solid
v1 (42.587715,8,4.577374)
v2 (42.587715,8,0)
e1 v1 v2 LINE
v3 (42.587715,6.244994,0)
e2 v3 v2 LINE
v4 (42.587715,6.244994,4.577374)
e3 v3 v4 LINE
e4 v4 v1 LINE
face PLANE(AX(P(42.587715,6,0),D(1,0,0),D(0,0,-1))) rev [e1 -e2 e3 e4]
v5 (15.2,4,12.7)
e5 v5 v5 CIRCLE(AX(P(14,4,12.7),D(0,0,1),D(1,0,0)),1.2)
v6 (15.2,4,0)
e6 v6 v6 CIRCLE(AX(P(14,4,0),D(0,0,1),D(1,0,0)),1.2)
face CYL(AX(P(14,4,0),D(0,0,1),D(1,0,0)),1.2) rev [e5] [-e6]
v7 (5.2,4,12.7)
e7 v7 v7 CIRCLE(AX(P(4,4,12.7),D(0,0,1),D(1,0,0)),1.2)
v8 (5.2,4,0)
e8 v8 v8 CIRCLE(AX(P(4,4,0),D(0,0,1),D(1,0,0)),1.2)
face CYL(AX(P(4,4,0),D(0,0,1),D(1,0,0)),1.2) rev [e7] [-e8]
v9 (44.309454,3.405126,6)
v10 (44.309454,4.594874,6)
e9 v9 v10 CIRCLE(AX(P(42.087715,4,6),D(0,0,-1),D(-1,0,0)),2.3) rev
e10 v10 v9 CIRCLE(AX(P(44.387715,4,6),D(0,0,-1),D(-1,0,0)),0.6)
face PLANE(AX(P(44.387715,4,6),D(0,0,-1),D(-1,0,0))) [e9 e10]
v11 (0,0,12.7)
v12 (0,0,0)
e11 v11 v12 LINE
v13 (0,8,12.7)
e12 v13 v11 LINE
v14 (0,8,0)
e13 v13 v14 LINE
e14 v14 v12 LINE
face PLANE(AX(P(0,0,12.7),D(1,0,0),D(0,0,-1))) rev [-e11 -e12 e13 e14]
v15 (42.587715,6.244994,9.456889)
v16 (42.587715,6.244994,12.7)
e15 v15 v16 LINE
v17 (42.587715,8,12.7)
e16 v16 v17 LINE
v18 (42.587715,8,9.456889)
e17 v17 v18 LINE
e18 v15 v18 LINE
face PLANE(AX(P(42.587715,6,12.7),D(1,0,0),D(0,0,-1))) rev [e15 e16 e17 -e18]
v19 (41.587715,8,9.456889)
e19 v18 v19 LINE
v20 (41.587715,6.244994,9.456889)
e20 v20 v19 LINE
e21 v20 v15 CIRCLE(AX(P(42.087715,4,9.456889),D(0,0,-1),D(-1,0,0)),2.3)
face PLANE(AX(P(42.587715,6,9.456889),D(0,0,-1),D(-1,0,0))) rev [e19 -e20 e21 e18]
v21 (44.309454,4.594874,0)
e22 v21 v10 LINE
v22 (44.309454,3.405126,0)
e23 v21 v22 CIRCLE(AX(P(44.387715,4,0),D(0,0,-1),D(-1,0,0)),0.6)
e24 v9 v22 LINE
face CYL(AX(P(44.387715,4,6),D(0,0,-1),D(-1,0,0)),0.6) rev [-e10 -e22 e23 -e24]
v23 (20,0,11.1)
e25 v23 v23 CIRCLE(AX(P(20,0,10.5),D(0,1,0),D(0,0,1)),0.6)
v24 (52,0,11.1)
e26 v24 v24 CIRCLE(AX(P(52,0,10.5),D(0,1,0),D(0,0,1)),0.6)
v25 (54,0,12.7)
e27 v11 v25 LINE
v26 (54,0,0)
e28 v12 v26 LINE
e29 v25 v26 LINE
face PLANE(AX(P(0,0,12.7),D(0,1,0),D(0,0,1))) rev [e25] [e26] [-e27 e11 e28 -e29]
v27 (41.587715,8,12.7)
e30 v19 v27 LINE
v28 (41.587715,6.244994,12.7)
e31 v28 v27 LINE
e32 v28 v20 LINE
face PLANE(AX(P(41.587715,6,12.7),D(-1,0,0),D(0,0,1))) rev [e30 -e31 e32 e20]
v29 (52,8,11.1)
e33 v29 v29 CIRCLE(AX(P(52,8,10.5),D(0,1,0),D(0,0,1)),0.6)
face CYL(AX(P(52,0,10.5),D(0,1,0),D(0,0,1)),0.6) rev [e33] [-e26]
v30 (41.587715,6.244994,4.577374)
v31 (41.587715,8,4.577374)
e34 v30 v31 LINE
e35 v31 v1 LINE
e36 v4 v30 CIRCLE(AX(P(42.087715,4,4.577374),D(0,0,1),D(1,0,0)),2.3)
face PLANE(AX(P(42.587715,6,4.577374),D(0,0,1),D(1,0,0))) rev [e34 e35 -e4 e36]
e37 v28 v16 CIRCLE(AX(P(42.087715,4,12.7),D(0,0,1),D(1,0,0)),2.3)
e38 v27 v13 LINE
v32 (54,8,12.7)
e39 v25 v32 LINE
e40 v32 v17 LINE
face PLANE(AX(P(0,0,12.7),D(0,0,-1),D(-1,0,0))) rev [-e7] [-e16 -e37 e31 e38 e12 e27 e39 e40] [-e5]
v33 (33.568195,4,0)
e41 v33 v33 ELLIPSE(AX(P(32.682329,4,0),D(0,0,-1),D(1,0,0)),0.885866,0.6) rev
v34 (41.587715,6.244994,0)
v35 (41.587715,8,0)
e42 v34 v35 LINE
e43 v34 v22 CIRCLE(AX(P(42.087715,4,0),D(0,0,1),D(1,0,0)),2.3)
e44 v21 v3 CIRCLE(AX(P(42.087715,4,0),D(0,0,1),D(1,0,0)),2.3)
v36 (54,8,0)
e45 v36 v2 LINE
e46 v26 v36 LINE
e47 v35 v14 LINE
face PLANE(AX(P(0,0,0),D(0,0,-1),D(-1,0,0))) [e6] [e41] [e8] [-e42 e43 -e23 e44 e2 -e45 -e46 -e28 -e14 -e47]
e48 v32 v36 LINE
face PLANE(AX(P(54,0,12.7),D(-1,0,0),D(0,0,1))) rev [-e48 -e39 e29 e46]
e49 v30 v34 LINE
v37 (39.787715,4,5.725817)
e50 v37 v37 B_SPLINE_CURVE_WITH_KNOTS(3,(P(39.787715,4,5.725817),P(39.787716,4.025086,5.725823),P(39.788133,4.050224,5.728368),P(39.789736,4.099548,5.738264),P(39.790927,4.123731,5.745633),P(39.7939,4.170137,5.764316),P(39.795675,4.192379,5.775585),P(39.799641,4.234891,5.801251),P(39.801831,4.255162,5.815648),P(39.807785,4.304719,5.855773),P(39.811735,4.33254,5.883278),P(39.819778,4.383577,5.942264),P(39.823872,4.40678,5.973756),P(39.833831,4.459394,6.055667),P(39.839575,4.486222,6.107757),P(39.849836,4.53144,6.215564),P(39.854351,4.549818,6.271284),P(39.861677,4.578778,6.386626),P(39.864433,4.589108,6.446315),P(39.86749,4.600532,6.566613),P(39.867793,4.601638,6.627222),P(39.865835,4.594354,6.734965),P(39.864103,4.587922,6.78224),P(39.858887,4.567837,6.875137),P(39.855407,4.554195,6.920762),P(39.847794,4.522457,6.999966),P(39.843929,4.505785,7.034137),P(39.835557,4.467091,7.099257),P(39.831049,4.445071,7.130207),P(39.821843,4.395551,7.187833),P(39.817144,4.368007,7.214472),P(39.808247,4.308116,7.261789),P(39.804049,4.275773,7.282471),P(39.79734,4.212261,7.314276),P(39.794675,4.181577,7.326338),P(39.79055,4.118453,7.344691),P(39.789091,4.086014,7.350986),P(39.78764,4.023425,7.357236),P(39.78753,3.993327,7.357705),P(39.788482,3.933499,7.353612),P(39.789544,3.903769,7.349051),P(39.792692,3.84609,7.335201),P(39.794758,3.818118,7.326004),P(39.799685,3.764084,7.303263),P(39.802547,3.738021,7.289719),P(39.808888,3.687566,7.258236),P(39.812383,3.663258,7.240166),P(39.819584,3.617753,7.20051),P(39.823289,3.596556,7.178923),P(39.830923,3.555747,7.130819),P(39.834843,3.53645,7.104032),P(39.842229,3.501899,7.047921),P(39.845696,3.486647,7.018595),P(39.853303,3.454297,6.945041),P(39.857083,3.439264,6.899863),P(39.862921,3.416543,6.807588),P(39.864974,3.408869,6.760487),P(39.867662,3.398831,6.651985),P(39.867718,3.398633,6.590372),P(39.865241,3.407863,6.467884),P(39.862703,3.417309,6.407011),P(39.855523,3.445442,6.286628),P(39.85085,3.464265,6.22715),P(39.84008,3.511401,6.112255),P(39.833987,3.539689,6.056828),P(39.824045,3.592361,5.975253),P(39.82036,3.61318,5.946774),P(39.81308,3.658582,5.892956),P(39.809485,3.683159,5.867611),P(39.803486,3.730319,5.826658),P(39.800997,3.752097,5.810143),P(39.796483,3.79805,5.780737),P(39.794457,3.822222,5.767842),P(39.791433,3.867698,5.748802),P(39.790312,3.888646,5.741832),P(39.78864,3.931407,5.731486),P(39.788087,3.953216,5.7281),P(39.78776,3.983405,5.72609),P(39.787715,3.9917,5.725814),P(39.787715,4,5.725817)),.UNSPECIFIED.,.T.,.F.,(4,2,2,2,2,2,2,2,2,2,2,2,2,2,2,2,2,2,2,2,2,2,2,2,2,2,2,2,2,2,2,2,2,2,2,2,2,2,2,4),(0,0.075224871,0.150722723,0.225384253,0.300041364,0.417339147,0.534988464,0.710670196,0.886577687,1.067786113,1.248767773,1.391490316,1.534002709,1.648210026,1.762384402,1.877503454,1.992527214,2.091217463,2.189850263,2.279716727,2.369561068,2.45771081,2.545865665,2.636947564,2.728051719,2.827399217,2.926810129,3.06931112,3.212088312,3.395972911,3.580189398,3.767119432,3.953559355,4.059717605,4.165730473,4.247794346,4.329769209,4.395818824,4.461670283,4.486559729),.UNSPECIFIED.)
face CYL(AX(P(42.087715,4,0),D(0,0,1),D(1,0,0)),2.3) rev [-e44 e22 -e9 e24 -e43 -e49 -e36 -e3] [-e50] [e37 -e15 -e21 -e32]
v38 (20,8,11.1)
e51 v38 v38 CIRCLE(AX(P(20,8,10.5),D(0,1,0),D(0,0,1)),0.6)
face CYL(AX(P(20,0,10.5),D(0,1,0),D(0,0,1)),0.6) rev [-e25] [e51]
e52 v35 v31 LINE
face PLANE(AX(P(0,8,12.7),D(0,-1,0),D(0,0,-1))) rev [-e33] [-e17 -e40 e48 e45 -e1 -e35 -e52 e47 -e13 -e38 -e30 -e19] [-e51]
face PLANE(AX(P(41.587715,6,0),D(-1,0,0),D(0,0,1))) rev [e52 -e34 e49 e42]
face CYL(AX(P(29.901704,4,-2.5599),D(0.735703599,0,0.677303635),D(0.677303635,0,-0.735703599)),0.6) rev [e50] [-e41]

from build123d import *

# Parameters (mm, degrees)
SKETCH1_W           = 54
SKETCH1_H           = 8
BOSS_EXTRUDE1_DEPTH = 12.7
SKETCH3_W           = 1
SKETCH3_H           = 3.243111396
SKETCH3_H_2         = 4.577374163
CUT_EXTRUDE1_DEPTH  = 2
SKETCH4_R           = 2.3
CUT_EXTRUDE2_DEPTH  = 57.047212241
SKETCH5_R           = 0.6
CUT_EXTRUDE3_DEPTH  = 57.047212241
SKETCH6_R           = 1.2
CUT_EXTRUDE4_DEPTH  = 57.047212241
SKETCH12_R          = 0.6
CUT_EXTRUDE6_DEPTH  = 15
SKETCH14_R          = 0.6
CUT_EXTRUDE7_DEPTH  = 6


with BuildPart() as part:
    # Sketch1 → Boss-Extrude1 (new body)
    with BuildSketch(Plane.XY):
        with Locations((27, 4)):
            Rectangle(SKETCH1_W, SKETCH1_H)
    extrude(amount=BOSS_EXTRUDE1_DEPTH)

    # Sketch3 → Cut-Extrude1 (cut)
    with BuildSketch(Plane(origin=(0, 8, 0), x_dir=(1, 0, 0), z_dir=(0, 1, 0))):
        with Locations((42.087715046, -11.078444302)):
            Rectangle(SKETCH3_W, SKETCH3_H)
        with Locations((42.087715046, -2.288687081)):
            Rectangle(SKETCH3_W, SKETCH3_H_2)
    extrude(amount=-CUT_EXTRUDE1_DEPTH, mode=Mode.SUBTRACT)

    # Sketch4 → Cut-Extrude2 (cut, through all)
    with BuildSketch(Plane.XY.offset(12.7)):
        with Locations(Location((42.087715046, 4, 0), (0, 0, 77.444142201))):
            Circle(SKETCH4_R)
    extrude(amount=-CUT_EXTRUDE2_DEPTH, mode=Mode.SUBTRACT)

    # Sketch5 → Cut-Extrude3 (cut, through all)
    with BuildSketch(Plane(origin=(0, 8, 0), x_dir=(1, 0, 0), z_dir=(0, 1, 0))):
        with Locations(Location((52, -10.5, 0), (0, 0, 270))):
            Circle(SKETCH5_R)
        with Locations(Location((20, -10.5, 0), (0, 0, 270))):
            Circle(SKETCH5_R)
    extrude(amount=-CUT_EXTRUDE3_DEPTH, mode=Mode.SUBTRACT)

    # Sketch6 → Cut-Extrude4 (cut, through all)
    with BuildSketch(Plane.XY.offset(12.7)):
        with Locations((4, 4)):
            Circle(SKETCH6_R)
        with Locations((14, 4)):
            Circle(SKETCH6_R)
    extrude(amount=-CUT_EXTRUDE4_DEPTH, mode=Mode.SUBTRACT)

    # Sketch12 → Cut-Extrude6 (cut)
    with BuildSketch(Plane(origin=(25.944559134, 0, 23.885086629), x_dir=(-0.677303634830695, 0, 0.7357035994509805), z_dir=(-0.7357035994509805, 0, -0.677303634830695))):
        with Locations(Location((-22.135860185, 4, 0), (0, 0, 180))):
            Circle(SKETCH12_R)
    extrude(amount=CUT_EXTRUDE6_DEPTH, mode=Mode.SUBTRACT)

    # Sketch14 → Cut-Extrude7 (cut)
    with BuildSketch(Plane(origin=(0, 0, 0), x_dir=(-1, 0, 0), z_dir=(0, 0, -1))):
        with Locations((-44.387715046, 4)):
            Circle(SKETCH14_R)
    extrude(amount=-CUT_EXTRUDE7_DEPTH, mode=Mode.SUBTRACT)


solid = part.part
